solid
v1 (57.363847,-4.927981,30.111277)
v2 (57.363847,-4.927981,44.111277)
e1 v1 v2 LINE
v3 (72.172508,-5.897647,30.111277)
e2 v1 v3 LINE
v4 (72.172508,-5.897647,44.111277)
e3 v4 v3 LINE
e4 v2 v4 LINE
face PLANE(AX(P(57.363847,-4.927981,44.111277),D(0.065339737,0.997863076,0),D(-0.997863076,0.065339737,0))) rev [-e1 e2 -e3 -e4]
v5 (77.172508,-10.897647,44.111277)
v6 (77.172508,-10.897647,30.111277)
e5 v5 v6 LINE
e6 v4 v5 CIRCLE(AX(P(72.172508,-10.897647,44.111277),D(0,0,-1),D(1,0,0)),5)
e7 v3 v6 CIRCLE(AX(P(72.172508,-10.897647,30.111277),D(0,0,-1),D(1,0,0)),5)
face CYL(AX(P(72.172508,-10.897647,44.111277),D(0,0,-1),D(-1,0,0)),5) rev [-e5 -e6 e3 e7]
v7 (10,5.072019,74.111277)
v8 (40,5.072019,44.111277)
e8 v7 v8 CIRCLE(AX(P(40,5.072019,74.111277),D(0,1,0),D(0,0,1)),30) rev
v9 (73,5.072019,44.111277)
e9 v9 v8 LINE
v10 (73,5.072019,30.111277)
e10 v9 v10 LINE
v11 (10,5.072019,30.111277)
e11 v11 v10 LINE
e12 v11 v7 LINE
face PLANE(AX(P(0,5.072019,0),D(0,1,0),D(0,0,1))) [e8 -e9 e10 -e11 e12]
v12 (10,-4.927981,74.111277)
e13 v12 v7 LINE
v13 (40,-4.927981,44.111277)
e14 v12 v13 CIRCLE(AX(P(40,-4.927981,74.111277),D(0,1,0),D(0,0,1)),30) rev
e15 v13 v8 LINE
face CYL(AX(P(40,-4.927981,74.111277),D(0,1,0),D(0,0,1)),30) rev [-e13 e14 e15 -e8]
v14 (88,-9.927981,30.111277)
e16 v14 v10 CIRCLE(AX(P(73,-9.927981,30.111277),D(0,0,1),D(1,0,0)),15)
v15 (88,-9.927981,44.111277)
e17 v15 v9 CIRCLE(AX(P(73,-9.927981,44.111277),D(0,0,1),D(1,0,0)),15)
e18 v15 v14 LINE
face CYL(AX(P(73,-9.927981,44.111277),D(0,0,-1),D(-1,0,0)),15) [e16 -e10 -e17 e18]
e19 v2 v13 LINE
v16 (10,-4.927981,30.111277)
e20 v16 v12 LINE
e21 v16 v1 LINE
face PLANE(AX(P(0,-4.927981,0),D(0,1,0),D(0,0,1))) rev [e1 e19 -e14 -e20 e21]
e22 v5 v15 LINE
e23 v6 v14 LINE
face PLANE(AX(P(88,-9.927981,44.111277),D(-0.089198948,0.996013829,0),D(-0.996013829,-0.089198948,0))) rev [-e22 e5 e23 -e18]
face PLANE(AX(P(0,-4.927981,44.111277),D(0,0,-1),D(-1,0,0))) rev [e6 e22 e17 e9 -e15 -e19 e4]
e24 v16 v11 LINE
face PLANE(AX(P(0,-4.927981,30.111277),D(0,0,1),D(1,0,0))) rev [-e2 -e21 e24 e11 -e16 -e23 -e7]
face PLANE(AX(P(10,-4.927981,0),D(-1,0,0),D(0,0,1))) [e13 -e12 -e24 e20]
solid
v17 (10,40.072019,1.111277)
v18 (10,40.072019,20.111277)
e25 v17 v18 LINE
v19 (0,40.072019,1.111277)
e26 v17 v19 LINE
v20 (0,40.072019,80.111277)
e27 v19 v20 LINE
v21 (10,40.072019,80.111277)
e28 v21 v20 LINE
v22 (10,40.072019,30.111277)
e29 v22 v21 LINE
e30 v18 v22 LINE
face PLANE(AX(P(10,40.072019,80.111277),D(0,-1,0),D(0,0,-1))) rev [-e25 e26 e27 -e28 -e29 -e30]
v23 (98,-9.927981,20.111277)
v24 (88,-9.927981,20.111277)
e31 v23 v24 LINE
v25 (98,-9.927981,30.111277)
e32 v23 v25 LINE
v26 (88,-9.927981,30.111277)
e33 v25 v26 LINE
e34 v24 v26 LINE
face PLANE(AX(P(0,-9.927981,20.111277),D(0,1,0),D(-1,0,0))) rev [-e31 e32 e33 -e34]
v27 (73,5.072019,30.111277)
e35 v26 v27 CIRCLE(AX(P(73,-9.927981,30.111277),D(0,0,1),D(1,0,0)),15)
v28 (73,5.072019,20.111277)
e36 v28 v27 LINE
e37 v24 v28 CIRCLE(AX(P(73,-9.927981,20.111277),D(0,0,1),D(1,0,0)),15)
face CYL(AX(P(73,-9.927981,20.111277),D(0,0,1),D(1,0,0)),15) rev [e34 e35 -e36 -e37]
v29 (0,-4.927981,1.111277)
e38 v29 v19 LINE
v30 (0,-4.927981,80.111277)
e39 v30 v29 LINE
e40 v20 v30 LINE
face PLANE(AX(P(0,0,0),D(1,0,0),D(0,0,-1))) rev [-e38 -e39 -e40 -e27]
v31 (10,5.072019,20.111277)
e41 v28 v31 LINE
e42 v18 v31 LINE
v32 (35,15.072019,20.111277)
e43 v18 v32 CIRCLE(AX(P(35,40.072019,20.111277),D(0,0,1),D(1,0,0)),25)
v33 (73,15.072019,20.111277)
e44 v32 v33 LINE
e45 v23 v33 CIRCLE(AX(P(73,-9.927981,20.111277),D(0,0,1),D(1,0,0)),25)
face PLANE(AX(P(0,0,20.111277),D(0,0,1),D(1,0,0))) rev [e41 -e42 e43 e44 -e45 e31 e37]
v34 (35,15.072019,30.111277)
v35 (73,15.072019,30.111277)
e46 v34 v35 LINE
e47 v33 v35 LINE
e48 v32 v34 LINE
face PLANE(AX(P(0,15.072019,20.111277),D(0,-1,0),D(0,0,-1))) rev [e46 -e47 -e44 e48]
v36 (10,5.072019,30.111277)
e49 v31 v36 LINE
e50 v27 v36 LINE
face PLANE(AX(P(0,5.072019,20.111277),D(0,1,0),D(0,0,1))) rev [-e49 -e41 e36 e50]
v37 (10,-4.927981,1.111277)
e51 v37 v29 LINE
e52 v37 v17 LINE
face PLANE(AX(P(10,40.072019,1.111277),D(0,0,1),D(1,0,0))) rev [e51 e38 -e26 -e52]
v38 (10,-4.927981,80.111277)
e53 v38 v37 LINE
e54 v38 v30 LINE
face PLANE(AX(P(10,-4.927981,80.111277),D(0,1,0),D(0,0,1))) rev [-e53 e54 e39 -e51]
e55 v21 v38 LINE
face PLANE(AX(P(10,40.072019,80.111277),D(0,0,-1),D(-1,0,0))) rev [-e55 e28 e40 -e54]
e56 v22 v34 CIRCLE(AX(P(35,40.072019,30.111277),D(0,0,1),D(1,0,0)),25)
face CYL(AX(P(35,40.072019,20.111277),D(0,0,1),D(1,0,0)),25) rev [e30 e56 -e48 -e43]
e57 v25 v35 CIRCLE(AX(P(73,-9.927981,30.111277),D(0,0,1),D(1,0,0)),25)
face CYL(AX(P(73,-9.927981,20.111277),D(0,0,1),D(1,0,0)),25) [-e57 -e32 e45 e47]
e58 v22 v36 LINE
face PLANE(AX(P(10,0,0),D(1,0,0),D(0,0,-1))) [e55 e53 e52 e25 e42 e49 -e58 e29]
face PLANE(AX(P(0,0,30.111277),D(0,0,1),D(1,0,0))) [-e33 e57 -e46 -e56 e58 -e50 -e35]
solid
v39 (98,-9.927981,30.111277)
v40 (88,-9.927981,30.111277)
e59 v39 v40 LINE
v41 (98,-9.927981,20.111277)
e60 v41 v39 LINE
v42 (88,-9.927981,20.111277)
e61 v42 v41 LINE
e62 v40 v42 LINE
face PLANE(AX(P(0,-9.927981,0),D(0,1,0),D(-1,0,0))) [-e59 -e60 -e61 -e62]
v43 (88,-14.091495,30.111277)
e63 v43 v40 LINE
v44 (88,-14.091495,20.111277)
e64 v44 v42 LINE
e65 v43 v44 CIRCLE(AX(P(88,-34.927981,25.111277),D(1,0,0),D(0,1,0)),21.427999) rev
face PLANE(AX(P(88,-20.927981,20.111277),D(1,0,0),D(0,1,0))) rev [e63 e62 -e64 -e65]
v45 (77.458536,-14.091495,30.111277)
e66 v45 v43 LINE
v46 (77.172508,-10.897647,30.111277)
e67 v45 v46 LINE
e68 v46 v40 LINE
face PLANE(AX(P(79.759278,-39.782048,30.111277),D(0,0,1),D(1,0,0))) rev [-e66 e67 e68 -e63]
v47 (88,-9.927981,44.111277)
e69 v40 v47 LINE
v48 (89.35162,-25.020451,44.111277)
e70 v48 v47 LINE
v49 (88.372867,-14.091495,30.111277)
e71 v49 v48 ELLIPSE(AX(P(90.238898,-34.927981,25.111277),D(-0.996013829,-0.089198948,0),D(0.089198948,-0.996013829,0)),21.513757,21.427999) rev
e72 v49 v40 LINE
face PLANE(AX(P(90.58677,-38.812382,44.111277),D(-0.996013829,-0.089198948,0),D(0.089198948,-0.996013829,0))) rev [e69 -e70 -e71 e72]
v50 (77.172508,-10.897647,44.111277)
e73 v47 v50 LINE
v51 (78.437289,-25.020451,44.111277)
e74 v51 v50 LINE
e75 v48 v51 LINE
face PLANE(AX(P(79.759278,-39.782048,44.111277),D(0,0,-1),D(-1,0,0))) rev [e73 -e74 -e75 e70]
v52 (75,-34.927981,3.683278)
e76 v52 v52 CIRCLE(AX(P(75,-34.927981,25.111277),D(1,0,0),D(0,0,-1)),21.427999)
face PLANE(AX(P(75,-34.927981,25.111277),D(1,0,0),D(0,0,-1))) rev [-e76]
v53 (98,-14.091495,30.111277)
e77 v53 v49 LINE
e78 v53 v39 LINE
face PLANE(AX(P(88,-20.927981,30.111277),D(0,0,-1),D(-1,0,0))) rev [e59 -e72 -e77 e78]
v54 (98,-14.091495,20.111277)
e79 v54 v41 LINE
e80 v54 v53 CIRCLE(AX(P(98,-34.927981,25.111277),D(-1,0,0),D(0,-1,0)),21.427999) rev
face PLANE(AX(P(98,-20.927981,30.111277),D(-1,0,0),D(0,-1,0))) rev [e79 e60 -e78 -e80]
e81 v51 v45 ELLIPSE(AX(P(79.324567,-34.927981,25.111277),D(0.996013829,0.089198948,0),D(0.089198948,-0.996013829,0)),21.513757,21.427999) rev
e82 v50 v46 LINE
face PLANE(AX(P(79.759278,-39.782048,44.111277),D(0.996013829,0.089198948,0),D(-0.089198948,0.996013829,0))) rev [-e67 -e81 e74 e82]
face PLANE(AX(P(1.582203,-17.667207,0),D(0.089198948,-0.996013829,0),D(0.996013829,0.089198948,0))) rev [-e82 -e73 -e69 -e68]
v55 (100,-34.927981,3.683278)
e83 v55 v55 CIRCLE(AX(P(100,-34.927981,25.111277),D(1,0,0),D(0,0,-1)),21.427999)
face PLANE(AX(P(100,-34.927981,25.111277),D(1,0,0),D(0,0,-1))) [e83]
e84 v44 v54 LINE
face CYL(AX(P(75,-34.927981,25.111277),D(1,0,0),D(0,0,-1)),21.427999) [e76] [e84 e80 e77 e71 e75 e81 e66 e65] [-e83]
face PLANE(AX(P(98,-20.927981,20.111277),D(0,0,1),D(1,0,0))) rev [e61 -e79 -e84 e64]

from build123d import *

# Parameters (mm, degrees)
SKETCH1_W            = 79
SKETCH1_H            = 45
BOSS_EXTRUDE1_DEPTH  = 10
BOSS_EXTRUDE2_DEPTH  = 10
BOSS_EXTRUDE11_DEPTH = 10
BOSS_EXTRUDE12_START = 14
BOSS_EXTRUDE12_DEPTH = 14
SKETCH8_R            = 16
BOSS_EXTRUDE15_DEPTH = 23
SKETCH11_R           = 16
BOSS_EXTRUDE16_DEPTH = 2
SKETCH14_W           = 10
SKETCH14_H           = 10
BOSS_EXTRUDE20_DEPTH = 11
SKETCH15_W           = 10.870824636
SKETCH15_H           = 14
BOSS_EXTRUDE21_DEPTH = 29
SKETCH16_R           = 21.427999152
BOSS_EXTRUDE22_DEPTH = 25


with BuildPart() as part:
    # Sketch1 → Boss-Extrude1 (new body)
    with BuildSketch(Plane(origin=(0, 0, 0), x_dir=(0, 0, -1), z_dir=(1, 0, 0))):
        with Locations((-40.611276675, 17.572019258)):
            Rectangle(SKETCH1_W, SKETCH1_H)
    extrude(amount=BOSS_EXTRUDE1_DEPTH)

    # Sketch3 → Boss-Extrude2 (add)
    with BuildSketch(Plane.XY.offset(30.111276675)):
        with BuildLine():
            ThreePointArc((35, 15.072019258), (17.32233047, 22.394349729), (10, 40.072019258))
            Line((10, 40.072019258), (10, 15.072019258))
            Line((10, 15.072019258), (10, 5.072019258))
            Line((10, 5.072019258), (73, 5.072019258))
            ThreePointArc((73, 5.072019258), (83.606601718, 0.678620976), (88, -9.927980742))
            Line((88, -9.927980742), (98, -9.927980742))
            ThreePointArc((98, -9.927980742), (90.67766953, 7.749688788), (73, 15.072019258))
            Line((73, 15.072019258), (35, 15.072019258))
        make_face()
    extrude(amount=-BOSS_EXTRUDE2_DEPTH)


with BuildPart() as body_2:
    # Sketch5 → Boss-Extrude11 (new body)
    with BuildSketch(Plane(origin=(0, 5.072019258, 0), x_dir=(1, 0, 0), z_dir=(0, 1, 0))):
        with BuildLine():
            Line((57.363847246, -30.111276675), (10, -30.111276675))
            Line((10, -30.111276675), (10, -74.111276675))
            ThreePointArc((10, -74.111276675), (18.786796564, -52.898073239), (40, -44.111276675))
            Line((40, -44.111276675), (57.363847246, -44.111276675))
            Line((57.363847246, -44.111276675), (57.363847246, -30.111276675))
        make_face()
    extrude(amount=-BOSS_EXTRUDE11_DEPTH)

    # Sketch7 → Boss-Extrude12 (add)
    with BuildSketch(Plane.XY.offset(30.111276675).offset(BOSS_EXTRUDE12_START)):
        with BuildLine():
            Line((57.363847246, 5.072019258), (73, 5.072019258))
            ThreePointArc((73, 5.072019258), (83.606601718, 0.678620976), (88, -9.927980742))
            Line((88, -9.927980742), (77.17250833, -10.897646868))
            ThreePointArc((77.17250833, -10.897646868), (75.708042236, -7.362112962), (72.17250833, -5.897646868))
            Line((72.17250833, -5.897646868), (57.363847246, -4.927980742))
            Line((57.363847246, -4.927980742), (57.363847246, 5.072019258))
        make_face()
    extrude(amount=-BOSS_EXTRUDE12_DEPTH)


with BuildPart() as body_3:
    # Sketch8 → Boss-Extrude15 (new body)
    with BuildSketch(Plane(origin=(98, 0, 0), x_dir=(0, 0, -1), z_dir=(1, 0, 0))):
        with Locations((-25.111276675, -34.927980742)):
            Circle(SKETCH8_R)
    extrude(amount=-BOSS_EXTRUDE15_DEPTH)

    # Sketch11 → Boss-Extrude16 (add)
    with BuildSketch(Plane(origin=(98, 0, 0), x_dir=(0, 0, -1), z_dir=(1, 0, 0))):
        with Locations((-25.111276675, -34.927980742)):
            Circle(SKETCH11_R)
    extrude(amount=BOSS_EXTRUDE16_DEPTH)



with BuildPart() as body_4:
    # Sketch14 → Boss-Extrude20 (new body)
    with BuildSketch(Plane.XZ.offset(9.927980742)):
        with Locations((93, 25.111276675)):
            Rectangle(SKETCH14_W, SKETCH14_H)
    extrude(amount=BOSS_EXTRUDE20_DEPTH)


with BuildPart() as body_5:
    # Sketch15 → Boss-Extrude21 (new body)
    with BuildSketch(Plane(origin=(1.582203238, -17.667207218, 0), x_dir=(0.996013829020688, 0.08919894842176003, 0), z_dir=(0.08919894842176003, -0.996013829020688, 0))):
        with Locations((81.328239194, 37.111276675)):
            Rectangle(SKETCH15_W, SKETCH15_H)
    extrude(amount=BOSS_EXTRUDE21_DEPTH)


with BuildPart() as body_3_1:
    add(body_3.part)

    add(body_4.part)  # Boss-Extrude22 merges body 4

    add(body_5.part)  # Boss-Extrude22 merges body 5
    # Sketch16 → Boss-Extrude22 (add)
    with BuildSketch(Plane(origin=(100, 0, 0), x_dir=(0, 0, -1), z_dir=(1, 0, 0))):
        with Locations((-25.111276675, -34.927980742)):
            Circle(SKETCH16_R)
    extrude(amount=-BOSS_EXTRUDE22_DEPTH)


solid = Compound([part.part, body_2.part, body_3_1.part])
